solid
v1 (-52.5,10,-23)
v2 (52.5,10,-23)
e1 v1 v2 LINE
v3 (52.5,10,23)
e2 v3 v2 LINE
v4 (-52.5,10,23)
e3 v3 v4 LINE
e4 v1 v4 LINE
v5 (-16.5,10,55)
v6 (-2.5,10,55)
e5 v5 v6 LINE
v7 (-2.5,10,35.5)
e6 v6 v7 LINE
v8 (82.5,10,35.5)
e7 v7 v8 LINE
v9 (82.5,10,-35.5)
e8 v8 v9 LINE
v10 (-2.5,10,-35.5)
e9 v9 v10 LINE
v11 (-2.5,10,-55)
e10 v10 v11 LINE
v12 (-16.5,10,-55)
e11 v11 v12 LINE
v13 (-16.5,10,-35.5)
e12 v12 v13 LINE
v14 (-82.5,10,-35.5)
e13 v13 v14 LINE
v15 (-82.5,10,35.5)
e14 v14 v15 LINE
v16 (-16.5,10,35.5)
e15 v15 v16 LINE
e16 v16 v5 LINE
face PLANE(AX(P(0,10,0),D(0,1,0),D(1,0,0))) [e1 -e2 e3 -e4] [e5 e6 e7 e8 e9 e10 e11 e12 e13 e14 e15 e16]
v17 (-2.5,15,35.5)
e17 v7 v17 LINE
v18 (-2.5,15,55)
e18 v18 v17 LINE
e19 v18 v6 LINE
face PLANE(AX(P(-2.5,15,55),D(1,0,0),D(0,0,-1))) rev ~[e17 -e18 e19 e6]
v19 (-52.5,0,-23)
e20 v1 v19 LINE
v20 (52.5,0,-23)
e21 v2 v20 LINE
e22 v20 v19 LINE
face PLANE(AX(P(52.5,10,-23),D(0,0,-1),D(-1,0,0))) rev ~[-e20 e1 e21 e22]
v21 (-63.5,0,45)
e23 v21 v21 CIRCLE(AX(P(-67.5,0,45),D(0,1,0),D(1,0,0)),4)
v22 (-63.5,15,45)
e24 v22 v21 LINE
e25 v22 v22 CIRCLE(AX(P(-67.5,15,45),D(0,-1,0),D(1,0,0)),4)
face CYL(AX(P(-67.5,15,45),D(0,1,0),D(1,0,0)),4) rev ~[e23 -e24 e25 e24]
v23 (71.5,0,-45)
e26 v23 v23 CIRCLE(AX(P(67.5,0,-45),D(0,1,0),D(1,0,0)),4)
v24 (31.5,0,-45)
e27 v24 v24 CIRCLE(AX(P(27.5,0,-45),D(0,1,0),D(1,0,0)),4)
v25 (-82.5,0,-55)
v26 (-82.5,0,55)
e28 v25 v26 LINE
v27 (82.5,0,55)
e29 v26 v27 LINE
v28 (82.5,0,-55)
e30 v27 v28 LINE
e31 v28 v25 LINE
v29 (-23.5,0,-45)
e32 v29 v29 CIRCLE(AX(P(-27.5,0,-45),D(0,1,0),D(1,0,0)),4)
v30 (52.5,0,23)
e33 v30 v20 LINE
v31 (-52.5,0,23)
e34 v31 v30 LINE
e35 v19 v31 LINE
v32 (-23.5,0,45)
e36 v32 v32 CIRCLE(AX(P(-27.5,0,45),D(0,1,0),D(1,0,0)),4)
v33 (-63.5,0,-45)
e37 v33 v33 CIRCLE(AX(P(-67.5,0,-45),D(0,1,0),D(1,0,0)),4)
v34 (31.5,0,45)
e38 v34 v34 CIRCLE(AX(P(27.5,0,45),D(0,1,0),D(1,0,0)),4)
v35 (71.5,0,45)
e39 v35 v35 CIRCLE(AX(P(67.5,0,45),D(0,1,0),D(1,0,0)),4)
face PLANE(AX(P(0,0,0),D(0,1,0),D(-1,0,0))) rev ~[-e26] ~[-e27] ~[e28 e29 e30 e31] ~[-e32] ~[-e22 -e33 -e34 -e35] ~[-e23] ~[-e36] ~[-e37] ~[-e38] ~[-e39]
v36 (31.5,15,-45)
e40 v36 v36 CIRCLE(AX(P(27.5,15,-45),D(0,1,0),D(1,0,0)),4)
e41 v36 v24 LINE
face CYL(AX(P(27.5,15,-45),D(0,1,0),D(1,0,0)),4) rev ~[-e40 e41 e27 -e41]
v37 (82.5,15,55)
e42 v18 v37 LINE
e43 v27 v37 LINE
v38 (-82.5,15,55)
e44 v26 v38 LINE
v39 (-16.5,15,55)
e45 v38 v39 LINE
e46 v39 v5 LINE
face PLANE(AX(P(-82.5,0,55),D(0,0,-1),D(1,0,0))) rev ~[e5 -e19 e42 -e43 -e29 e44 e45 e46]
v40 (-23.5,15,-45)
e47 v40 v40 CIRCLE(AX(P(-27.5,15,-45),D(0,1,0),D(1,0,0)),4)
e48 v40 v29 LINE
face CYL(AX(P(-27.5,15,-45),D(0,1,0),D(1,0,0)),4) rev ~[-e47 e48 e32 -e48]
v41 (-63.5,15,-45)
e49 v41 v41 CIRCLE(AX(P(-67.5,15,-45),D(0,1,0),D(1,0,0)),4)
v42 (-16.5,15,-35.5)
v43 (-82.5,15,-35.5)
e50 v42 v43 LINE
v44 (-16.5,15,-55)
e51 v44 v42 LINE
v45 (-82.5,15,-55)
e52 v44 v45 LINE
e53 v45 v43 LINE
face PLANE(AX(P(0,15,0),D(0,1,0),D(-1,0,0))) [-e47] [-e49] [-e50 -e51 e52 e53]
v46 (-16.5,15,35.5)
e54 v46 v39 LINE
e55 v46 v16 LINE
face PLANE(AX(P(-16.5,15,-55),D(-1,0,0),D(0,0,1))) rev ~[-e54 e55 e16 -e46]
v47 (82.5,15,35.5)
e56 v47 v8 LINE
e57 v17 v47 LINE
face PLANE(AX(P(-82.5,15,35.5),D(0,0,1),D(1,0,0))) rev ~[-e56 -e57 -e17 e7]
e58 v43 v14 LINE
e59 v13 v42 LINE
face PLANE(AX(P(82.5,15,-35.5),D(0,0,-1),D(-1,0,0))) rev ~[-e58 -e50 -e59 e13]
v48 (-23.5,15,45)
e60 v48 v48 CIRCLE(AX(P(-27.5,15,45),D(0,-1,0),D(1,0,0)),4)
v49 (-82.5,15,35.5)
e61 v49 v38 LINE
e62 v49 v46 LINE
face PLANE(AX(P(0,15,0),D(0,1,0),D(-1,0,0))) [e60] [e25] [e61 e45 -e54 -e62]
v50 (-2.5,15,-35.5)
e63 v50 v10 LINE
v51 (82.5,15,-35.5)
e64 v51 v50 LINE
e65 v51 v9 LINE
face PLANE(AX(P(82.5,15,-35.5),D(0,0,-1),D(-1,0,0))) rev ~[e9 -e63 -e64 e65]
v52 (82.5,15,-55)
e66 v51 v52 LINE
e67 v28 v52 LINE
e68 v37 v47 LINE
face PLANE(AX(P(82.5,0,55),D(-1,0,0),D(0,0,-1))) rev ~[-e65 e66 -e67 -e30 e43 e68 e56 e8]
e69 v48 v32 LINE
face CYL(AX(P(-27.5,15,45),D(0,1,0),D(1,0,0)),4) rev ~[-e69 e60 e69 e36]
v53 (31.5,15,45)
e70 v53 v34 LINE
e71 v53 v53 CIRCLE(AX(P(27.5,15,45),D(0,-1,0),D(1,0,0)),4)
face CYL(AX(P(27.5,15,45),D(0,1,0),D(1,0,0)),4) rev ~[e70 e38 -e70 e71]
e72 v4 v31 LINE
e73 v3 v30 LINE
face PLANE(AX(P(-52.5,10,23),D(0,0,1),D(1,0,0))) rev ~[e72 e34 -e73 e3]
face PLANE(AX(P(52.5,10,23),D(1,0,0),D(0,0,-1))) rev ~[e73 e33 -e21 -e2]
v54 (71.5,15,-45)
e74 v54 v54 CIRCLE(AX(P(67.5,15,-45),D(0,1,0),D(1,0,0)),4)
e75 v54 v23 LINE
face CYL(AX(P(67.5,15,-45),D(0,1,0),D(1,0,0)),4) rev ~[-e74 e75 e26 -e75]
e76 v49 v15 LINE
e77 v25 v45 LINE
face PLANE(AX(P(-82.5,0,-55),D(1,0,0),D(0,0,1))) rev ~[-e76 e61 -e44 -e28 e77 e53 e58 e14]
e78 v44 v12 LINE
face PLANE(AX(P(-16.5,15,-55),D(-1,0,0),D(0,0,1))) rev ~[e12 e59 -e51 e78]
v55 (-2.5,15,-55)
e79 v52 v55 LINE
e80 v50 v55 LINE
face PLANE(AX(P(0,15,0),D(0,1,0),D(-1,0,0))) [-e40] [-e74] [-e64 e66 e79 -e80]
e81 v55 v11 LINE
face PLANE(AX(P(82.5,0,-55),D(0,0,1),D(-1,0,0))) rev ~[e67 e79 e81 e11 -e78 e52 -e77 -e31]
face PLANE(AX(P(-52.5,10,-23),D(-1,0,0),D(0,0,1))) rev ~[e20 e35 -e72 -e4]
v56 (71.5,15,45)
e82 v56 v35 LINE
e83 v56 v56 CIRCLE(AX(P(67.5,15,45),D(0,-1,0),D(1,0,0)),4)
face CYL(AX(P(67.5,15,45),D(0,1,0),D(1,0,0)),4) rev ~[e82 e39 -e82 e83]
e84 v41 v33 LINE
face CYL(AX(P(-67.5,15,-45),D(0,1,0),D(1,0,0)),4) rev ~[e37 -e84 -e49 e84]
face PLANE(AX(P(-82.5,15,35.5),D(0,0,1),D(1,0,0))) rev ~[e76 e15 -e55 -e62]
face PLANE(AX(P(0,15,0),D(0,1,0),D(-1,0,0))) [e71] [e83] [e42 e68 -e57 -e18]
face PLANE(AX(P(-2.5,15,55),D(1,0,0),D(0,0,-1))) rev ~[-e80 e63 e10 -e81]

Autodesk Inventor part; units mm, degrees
ref_plane "YZ Plane" through (0, 0, 0) normal (1, 0, 0) x (0, 1, 0)
ref_plane "XZ Plane" through (0, 0, 0) normal (0, 1, 0) x (-1, 0, 0)
ref_plane "XY Plane" through (0, 0, 0) normal (0, 0, 1) x (1, 0, 0)
sketch "Sketch1" plane through (0, 0, 0) normal (0, 1, 0) x (-1, 0, 0)
  line L0 (82.5, 55) -> (-82.5, 55)
  line L1 (-82.5, 55) -> (-82.5, -55)
  line L2 (-82.5, -55) -> (82.5, -55)
  line L3 (82.5, -55) -> (82.5, 55)
  line L4 (82.5, 55) -> (-82.5, -55) construction
  line L5 (-82.5, 55) -> (82.5, -55) construction
  point P0 (0, 0)
  dimension "d0" = 165
  dimension "d1" = 110
extrude "Extrusion1" add sketch "Sketch1" along normal blind 15
sketch "Sketch3" plane through (0, 15, 0) normal (0, 1, 0) x (1, 0, 0)
  line L0 (82.5, -55) -> (82.5, 55) projected
  line L1 (-82.5, -35.5) -> (82.5, -35.5)
  line L2 (82.5, -35.5) -> (82.5, 35.5)
  line L3 (82.5, 35.5) -> (-82.5, 35.5)
  line L4 (-82.5, 35.5) -> (-82.5, -35.5)
  line L5 (-82.5, -35.5) -> (82.5, 35.5) construction
  line L6 (82.5, -35.5) -> (-82.5, 35.5) construction
  point P0 (0, 0)
  dimension "d8" = 71
extrude "Extrusion3" cut sketch "Sketch3" against normal blind 5
sketch "Sketch4" plane through (0, 15, 0) normal (0, 1, 0) x (1, 0, 0)
  circle A0 centre (-67.5, -45) radius 4
  line L0 (-82.5, -55) -> (82.5, -55) projected
  line L1 (-82.5, -35.5) -> (-82.5, -55) projected
  line L2 (-82.5, -45) -> (82.5, -45)
  line L3 (82.5, -55) -> (82.5, 55) projected
  circle A1 centre (-27.5, -45) radius 4
  line L4 (-82.5, -55) -> (82.5, -55) projected
  line L5 (0, -55) -> (0, 55)
  line L6 (82.5, 55) -> (-82.5, 55) projected
  line L7 (-82.5, 55) -> (-82.5, -55) projected
  line L8 (-82.5, 0) -> (82.5, 0)
  circle A2 centre (67.5, -45) radius 4
  circle A3 centre (27.5, -45) radius 4
  circle A4 centre (-67.5, 45) radius 4
  circle A5 centre (-27.5, 45) radius 4
  circle A6 centre (67.5, 45) radius 4
  circle A7 centre (27.5, 45) radius 4
  point P0 (0, 0)
  dimension "d11" = 10
  dimension "d12" = 8
  dimension "d17" = 15
  dimension "d19" = 27.5
sketch "Sketch5" plane through (0, 10, 0) normal (0, 1, 0) x (1, 0, 0)
  line L0 (-52.5, -23) -> (52.5, -23)
  line L1 (52.5, -23) -> (52.5, 23)
  line L2 (52.5, 23) -> (-52.5, 23)
  line L3 (-52.5, 23) -> (-52.5, -23)
  line L4 (-52.5, -23) -> (52.5, 23) construction
  line L5 (52.5, -23) -> (-52.5, 23) construction
  line L6 (-82.5, 35.5) -> (82.5, 35.5) projected
  line L7 (-82.5, -35.5) -> (-82.5, 35.5) projected
  point P0 (0, 0)
  dimension "d13" = 12.5
  dimension "d14" = 30
extrude "Extrusion4" cut sketch "Sketch5" against normal through all
extrude "Extrusion5" cut sketch "Sketch4" against normal through all contours L2 A0 | A0 L2 | A1 L2 | L2 A1 | A3 L2 | L2 A3 | A2 L2 | L2 A2 | A4 | A5 | A6 | A7
sketch "Sketch6" plane through (0, 15, 0) normal (0, 1, 0) x (1, 0, 0)
  line L0 (-82.5, -55) -> (82.5, -55) projected
  line L1 (82.5, 55) -> (-82.5, 55) projected
  line L2 (-16.5, -55) -> (-2.5, -55)
  line L3 (-2.5, -55) -> (-2.5, 55)
  line L4 (-2.5, 55) -> (-16.5, 55)
  line L5 (-16.5, 55) -> (-16.5, -55)
  line L6 (82.5, -55) -> (82.5, -35.5) projected
  point P0 (0, 0)
  dimension "d22" = 85
  dimension "d23" = 14
extrude "Extrusion6" cut sketch "Sketch6" against normal up to surface (5 mm away)
properties part number "Clamps_v4_davidcell"
